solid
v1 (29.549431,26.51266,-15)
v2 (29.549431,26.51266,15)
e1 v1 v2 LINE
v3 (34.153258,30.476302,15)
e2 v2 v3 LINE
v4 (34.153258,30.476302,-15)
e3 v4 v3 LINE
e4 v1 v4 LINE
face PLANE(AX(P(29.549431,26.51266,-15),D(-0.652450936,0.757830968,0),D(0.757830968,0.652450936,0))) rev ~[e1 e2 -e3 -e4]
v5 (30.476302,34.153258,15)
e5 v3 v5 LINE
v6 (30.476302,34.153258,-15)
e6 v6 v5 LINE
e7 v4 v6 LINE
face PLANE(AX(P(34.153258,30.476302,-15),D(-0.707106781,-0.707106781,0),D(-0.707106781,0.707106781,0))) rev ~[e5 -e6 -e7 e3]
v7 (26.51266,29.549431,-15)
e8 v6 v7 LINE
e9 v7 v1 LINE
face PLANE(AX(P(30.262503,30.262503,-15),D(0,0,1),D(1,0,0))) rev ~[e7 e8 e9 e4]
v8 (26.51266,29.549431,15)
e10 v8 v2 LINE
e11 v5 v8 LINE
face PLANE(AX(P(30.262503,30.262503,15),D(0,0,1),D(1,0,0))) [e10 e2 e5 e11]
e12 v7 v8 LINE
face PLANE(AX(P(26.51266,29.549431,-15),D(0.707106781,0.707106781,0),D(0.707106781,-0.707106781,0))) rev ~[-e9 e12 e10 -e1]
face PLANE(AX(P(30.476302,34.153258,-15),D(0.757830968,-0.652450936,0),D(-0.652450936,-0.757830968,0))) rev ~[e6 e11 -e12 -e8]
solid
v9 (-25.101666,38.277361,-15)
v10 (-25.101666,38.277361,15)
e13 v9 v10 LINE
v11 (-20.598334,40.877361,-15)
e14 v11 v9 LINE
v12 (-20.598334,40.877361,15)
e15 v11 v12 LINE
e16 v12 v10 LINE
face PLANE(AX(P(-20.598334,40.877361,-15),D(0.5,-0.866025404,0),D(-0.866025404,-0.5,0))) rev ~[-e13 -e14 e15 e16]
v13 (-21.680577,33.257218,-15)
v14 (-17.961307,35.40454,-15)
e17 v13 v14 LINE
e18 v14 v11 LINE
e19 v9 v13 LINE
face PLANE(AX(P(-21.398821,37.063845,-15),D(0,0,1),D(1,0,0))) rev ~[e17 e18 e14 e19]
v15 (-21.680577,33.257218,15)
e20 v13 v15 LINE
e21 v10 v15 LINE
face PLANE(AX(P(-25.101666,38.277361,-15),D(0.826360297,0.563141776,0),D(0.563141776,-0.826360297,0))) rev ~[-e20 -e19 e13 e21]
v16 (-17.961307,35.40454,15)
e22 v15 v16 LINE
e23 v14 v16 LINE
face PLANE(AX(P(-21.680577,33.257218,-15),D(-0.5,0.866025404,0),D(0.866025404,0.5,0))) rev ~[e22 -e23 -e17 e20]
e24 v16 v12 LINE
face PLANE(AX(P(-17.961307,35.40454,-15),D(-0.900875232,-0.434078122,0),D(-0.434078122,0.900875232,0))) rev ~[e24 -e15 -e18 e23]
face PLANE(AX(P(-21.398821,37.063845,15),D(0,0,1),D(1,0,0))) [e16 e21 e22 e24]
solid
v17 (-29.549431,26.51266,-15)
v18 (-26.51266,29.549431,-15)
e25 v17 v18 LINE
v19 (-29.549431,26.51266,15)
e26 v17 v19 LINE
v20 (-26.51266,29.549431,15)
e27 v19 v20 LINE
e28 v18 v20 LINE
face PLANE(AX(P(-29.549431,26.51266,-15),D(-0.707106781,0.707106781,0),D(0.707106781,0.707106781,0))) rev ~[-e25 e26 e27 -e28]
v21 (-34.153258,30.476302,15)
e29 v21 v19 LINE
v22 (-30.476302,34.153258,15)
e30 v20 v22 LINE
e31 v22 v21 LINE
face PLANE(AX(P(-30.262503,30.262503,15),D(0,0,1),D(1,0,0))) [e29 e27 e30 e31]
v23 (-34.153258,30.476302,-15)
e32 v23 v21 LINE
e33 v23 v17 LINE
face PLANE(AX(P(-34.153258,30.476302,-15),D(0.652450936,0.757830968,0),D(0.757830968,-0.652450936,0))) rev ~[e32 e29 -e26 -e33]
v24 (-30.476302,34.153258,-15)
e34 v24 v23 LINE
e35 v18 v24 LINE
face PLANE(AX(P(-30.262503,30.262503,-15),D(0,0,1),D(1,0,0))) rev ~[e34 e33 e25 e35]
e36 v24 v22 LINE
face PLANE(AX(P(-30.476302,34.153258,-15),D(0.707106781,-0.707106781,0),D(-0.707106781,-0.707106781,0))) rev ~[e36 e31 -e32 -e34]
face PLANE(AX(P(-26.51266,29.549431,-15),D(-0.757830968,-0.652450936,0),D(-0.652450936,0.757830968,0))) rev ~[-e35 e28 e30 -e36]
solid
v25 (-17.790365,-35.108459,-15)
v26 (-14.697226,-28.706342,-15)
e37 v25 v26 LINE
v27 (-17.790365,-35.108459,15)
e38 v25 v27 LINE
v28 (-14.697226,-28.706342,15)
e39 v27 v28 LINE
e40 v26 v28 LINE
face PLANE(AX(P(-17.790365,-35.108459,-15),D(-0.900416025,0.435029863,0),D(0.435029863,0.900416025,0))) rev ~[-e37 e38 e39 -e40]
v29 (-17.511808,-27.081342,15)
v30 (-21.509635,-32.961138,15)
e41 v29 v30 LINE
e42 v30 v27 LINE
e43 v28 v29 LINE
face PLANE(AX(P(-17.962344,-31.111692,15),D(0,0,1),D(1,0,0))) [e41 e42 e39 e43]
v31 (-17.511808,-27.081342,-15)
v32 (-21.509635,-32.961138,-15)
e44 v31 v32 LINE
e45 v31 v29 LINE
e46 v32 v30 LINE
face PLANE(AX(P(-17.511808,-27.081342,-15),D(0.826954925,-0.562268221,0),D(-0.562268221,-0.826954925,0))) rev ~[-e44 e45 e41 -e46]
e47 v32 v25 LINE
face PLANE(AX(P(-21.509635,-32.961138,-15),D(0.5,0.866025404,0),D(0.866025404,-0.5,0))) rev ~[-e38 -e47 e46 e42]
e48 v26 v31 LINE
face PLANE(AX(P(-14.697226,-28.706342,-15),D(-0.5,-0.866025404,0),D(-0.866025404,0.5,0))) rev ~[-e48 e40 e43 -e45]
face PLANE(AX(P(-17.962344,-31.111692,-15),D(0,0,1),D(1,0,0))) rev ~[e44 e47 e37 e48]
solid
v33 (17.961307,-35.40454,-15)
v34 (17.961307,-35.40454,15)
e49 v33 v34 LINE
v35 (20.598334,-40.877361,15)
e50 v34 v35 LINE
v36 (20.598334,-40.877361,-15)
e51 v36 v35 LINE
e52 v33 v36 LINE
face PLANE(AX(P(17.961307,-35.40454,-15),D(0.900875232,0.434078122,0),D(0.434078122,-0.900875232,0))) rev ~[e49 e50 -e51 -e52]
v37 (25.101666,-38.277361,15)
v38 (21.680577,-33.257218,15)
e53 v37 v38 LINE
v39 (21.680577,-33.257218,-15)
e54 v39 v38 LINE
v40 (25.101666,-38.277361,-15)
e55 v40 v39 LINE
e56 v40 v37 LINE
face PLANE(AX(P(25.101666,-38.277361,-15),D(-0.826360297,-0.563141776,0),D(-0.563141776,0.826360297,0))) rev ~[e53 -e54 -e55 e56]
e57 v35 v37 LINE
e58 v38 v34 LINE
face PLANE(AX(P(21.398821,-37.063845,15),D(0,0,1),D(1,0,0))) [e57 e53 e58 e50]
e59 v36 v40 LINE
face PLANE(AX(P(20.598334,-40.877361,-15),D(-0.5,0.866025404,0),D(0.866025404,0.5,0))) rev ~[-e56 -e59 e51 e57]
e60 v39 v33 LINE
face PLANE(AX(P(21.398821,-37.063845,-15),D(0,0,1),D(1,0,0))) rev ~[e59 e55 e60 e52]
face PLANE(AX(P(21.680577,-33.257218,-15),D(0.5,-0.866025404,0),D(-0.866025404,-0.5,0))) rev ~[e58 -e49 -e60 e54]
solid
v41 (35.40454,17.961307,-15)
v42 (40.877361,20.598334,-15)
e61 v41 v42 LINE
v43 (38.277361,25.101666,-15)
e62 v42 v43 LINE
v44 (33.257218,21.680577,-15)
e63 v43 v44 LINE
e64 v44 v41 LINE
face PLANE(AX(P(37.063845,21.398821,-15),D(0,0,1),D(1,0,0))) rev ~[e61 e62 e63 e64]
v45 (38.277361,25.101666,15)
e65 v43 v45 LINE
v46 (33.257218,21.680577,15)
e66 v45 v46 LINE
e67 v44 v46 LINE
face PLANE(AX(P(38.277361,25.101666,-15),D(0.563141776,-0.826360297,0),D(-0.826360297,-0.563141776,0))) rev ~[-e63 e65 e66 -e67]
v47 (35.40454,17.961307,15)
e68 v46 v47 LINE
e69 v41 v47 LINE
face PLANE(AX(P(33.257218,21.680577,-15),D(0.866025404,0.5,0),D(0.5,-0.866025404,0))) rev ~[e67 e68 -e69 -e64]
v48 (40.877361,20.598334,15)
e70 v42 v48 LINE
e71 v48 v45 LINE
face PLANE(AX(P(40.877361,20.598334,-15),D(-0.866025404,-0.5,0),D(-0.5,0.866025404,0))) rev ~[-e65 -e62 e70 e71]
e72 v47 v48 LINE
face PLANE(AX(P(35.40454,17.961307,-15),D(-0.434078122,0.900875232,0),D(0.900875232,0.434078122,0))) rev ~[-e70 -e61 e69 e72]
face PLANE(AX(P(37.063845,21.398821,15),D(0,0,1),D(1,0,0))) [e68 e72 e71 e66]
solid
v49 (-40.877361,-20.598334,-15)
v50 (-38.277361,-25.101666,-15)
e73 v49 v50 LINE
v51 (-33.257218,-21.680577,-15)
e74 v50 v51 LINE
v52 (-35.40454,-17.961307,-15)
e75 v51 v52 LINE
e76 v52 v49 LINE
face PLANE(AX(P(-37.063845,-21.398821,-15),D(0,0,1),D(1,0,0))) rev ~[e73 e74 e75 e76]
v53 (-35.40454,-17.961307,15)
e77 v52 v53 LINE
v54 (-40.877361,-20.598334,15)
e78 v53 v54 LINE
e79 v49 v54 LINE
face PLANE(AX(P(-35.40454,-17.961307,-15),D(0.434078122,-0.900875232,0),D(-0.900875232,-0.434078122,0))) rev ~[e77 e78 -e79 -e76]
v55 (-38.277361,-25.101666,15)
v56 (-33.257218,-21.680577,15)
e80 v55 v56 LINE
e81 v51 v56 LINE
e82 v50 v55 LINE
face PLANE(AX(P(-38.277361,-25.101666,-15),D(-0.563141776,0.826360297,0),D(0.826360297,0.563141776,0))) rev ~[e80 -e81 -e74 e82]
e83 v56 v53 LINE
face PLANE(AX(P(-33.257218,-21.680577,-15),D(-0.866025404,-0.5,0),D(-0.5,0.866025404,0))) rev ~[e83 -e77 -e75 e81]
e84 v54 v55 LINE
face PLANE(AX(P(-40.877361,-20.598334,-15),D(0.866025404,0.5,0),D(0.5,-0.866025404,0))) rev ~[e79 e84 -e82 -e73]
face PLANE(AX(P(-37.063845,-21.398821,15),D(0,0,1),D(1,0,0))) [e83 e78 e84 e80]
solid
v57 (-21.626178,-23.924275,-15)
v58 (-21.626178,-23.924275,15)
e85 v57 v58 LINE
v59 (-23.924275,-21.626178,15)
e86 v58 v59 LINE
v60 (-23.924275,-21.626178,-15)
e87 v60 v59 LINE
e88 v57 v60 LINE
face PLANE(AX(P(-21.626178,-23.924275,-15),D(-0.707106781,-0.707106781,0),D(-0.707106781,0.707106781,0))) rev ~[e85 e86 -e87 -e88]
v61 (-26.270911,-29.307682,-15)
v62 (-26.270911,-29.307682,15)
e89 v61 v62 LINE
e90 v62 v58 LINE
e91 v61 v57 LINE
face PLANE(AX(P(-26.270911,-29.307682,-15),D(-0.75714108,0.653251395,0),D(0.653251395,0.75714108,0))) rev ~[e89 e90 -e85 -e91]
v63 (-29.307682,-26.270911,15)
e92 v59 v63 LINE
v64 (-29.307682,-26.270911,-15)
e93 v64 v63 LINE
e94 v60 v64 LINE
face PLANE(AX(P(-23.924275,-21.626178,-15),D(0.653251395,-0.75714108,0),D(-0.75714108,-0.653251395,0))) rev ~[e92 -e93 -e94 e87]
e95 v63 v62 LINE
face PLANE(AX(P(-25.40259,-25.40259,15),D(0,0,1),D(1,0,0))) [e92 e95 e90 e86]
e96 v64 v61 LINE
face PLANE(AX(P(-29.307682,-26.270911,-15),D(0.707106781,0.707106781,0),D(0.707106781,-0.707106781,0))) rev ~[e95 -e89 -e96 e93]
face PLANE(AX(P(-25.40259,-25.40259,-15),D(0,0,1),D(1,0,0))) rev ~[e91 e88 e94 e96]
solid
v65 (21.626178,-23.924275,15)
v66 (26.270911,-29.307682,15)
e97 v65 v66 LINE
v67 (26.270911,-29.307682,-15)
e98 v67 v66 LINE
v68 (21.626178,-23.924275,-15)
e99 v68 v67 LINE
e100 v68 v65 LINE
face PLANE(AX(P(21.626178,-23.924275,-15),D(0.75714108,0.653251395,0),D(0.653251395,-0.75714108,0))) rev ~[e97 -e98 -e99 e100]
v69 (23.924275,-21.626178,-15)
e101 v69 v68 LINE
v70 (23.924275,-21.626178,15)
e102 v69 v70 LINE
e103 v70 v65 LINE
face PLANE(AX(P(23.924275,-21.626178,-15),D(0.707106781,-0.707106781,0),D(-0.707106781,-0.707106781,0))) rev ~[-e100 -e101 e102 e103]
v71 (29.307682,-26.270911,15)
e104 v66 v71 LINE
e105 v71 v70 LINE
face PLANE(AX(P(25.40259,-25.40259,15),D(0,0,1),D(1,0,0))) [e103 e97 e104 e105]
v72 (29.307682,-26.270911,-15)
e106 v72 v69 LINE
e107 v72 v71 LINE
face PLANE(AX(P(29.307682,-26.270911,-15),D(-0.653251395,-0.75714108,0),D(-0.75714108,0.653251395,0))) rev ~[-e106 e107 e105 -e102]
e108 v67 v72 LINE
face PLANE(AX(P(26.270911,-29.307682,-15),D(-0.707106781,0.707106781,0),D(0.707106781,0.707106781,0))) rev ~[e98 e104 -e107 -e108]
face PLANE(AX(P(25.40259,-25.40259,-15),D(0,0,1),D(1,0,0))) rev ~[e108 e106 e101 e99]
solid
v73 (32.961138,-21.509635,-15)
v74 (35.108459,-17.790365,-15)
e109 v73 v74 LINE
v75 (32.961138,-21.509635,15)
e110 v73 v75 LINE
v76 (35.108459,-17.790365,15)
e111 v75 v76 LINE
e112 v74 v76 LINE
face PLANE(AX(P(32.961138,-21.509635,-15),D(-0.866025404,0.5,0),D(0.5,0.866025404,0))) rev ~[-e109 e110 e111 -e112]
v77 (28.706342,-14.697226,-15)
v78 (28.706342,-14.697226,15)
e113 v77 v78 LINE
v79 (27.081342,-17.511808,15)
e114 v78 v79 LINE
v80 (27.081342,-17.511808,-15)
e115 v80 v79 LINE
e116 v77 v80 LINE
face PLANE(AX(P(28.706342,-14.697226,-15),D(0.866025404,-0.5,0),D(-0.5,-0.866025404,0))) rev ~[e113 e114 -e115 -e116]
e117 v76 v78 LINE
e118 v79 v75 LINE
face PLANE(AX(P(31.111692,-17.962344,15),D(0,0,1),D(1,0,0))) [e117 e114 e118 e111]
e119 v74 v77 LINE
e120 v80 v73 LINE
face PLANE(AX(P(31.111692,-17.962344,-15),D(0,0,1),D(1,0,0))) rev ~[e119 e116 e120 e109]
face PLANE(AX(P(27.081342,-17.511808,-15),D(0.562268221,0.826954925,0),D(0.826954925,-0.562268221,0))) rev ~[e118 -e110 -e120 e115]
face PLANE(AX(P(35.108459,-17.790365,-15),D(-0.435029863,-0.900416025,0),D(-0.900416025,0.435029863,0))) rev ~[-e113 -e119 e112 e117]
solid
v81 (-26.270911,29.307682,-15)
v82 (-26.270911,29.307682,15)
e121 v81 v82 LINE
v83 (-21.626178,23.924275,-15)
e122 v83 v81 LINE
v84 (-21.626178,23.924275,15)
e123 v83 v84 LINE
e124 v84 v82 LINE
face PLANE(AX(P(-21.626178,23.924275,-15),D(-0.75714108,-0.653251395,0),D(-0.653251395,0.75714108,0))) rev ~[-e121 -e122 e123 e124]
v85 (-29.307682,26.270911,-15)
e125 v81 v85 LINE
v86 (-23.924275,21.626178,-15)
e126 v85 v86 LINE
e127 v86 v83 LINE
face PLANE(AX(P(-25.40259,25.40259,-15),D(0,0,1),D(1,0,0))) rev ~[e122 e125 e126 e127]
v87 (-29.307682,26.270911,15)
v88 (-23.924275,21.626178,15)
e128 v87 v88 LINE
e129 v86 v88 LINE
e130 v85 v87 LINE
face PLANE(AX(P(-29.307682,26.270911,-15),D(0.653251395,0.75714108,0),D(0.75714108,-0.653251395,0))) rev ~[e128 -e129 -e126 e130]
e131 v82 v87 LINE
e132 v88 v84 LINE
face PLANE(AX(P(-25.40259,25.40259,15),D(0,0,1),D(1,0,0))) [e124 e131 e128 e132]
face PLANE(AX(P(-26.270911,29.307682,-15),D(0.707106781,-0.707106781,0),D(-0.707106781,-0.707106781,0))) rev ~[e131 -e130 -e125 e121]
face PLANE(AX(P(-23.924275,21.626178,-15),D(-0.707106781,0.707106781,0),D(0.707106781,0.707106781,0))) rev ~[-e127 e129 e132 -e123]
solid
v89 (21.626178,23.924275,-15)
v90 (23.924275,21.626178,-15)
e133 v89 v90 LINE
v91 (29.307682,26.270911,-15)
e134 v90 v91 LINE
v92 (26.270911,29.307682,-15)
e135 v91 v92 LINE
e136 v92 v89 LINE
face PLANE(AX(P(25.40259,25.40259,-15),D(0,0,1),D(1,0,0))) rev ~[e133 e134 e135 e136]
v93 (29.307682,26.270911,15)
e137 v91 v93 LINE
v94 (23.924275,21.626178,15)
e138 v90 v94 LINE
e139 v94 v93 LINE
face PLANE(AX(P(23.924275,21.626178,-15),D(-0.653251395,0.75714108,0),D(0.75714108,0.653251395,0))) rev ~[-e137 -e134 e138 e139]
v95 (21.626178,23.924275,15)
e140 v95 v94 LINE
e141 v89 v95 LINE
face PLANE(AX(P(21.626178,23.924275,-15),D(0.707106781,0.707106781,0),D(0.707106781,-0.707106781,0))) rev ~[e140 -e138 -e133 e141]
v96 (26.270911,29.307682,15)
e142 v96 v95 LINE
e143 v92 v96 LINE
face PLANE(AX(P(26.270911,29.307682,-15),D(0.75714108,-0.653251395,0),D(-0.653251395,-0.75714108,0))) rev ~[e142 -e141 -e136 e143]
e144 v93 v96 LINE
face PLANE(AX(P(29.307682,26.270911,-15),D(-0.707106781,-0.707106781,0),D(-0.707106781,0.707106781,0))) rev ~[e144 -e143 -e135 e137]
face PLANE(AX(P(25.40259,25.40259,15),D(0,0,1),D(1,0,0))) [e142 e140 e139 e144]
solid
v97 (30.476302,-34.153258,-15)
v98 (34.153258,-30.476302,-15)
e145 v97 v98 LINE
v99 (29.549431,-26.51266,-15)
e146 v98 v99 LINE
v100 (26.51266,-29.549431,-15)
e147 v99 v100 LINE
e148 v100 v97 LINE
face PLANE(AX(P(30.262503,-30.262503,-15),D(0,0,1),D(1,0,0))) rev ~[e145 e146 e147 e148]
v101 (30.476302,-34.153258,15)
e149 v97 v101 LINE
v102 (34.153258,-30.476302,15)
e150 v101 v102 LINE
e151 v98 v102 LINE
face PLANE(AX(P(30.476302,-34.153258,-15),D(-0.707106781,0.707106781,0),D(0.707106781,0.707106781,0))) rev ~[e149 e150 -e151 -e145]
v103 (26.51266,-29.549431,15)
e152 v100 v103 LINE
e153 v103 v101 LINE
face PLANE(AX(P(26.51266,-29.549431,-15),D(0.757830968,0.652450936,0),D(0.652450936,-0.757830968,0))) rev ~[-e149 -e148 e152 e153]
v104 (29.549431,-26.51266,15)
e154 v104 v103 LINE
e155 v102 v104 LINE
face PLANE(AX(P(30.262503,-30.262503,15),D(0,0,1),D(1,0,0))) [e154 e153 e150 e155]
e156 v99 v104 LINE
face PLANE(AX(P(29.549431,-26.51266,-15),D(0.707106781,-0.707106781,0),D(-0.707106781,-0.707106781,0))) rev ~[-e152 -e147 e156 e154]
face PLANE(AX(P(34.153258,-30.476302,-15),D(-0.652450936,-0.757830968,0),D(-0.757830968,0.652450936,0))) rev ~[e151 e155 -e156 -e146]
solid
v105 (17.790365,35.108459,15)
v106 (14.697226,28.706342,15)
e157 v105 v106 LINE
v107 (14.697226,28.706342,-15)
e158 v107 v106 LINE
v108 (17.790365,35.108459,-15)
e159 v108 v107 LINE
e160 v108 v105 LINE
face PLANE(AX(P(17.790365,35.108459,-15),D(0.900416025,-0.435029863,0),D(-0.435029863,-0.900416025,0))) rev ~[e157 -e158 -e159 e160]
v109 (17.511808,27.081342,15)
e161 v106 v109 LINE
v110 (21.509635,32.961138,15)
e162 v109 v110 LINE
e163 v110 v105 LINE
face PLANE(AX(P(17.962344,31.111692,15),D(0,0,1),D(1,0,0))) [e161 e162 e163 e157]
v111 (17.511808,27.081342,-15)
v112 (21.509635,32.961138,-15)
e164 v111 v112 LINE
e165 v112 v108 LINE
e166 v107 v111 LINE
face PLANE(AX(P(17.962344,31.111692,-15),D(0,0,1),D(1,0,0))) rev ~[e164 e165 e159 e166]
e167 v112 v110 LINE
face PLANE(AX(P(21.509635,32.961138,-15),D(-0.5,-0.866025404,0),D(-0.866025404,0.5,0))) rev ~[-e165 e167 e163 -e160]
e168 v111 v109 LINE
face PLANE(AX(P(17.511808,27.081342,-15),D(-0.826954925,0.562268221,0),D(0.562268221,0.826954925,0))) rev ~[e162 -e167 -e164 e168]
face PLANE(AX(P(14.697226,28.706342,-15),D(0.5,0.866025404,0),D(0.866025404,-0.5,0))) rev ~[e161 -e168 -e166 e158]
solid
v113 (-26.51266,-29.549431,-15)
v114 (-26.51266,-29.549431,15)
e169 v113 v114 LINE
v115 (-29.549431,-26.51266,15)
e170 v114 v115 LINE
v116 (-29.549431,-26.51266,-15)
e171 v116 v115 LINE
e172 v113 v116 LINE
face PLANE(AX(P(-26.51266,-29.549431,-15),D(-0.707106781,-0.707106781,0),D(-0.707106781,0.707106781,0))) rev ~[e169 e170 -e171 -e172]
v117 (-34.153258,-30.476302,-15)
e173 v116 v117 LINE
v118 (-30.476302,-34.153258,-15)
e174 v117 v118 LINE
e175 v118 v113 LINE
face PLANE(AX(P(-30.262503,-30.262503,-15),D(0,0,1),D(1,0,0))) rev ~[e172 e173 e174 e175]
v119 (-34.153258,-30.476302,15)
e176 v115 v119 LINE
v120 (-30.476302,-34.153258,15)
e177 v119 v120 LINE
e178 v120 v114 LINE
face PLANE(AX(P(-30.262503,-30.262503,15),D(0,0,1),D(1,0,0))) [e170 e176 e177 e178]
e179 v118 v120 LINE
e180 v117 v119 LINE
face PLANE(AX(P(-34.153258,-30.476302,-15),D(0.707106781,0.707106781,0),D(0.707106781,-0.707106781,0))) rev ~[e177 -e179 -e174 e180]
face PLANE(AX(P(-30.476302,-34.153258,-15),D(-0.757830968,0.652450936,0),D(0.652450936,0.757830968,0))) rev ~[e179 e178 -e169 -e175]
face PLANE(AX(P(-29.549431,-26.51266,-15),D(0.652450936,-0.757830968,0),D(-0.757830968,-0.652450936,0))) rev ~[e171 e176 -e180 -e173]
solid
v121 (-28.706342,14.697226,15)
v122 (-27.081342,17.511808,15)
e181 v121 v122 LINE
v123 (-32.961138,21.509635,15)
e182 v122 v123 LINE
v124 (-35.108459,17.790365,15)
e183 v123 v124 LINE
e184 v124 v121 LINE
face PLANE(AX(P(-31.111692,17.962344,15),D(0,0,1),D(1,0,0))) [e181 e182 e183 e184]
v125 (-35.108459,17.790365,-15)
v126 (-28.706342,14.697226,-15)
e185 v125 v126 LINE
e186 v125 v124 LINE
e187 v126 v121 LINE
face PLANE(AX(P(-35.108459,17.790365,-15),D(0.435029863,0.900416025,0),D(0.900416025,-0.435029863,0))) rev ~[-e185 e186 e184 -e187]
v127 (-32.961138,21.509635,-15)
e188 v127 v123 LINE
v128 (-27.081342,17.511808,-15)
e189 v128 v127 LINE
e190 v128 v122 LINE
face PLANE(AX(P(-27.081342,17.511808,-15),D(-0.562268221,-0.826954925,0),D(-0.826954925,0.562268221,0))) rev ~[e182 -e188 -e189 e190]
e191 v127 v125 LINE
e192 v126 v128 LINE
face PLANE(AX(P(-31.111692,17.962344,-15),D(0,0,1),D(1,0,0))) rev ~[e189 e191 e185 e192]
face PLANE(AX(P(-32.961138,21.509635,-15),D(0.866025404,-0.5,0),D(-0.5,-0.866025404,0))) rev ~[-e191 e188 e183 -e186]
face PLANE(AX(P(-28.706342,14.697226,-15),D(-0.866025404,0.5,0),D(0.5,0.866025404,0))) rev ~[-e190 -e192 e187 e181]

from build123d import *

# Parameters (mm, degrees)
COIL_SIDES_START    = -15
COIL_SIDES_DEPTH    = 30
COIL_SIDES_2_DEPTH  = 30
COIL_SIDES_3_DEPTH  = 30
COIL_SIDES_4_DEPTH  = 30
COIL_SIDES_5_DEPTH  = 30
COIL_SIDES_6_DEPTH  = 30
COIL_SIDES_7_DEPTH  = 30
COIL_SIDES_8_DEPTH  = 30
COIL_SIDES_9_DEPTH  = 30
COIL_SIDES_10_DEPTH = 30
COIL_SIDES_11_DEPTH = 30
COIL_SIDES_12_DEPTH = 30
COIL_SIDES_13_DEPTH = 30
COIL_SIDES_14_DEPTH = 30
COIL_SIDES_15_DEPTH = 30
COIL_SIDES_16_DEPTH = 30


with BuildPart() as part:
    # Эскиз1 → Coil_sides (new body)
    with BuildSketch(Plane.XY.offset(COIL_SIDES_START)):
        Polygon((35.404539789, 17.961307368), (40.877360953, 20.59833395), (38.277360953, 25.10166605), (33.25721836, 21.680577182), align=None)
    extrude(amount=COIL_SIDES_DEPTH)


with BuildPart() as body_2:
    # Эскиз1 → Coil_sides 2 (new body)
    with BuildSketch(Plane.XY.offset(COIL_SIDES_START)):
        Polygon((23.924274918, 21.626177879), (29.307682044, 26.270910957), (26.270910957, 29.307682044), (21.626177879, 23.924274918), align=None)
    extrude(amount=COIL_SIDES_2_DEPTH)


with BuildPart() as body_3:
    # Эскиз1 → Coil_sides 3 (new body)
    with BuildSketch(Plane.XY.offset(COIL_SIDES_START)):
        Polygon((29.549430928, 26.512659841), (34.153257531, 30.476302269), (30.476302269, 34.153257531), (26.512659841, 29.549430928), align=None)
    extrude(amount=COIL_SIDES_3_DEPTH)


with BuildPart() as body_4:
    # Эскиз1 → Coil_sides 4 (new body)
    with BuildSketch(Plane.XY.offset(COIL_SIDES_START)):
        Polygon((17.511808311, 27.081341726), (21.509634907, 32.961137654), (17.790365093, 35.108459083), (14.697225748, 28.706341726), align=None)
    extrude(amount=COIL_SIDES_4_DEPTH)


with BuildPart() as body_5:
    # Эскиз1 → Coil_sides 5 (new body)
    with BuildSketch(Plane.XY.offset(COIL_SIDES_START)):
        Polygon((-17.961307368, 35.404539789), (-20.59833395, 40.877360953), (-25.10166605, 38.277360953), (-21.680577182, 33.25721836), align=None)
    extrude(amount=COIL_SIDES_5_DEPTH)


with BuildPart() as body_6:
    # Эскиз1 → Coil_sides 6 (new body)
    with BuildSketch(Plane.XY.offset(COIL_SIDES_START)):
        Polygon((-21.626177879, 23.924274918), (-26.270910957, 29.307682044), (-29.307682044, 26.270910957), (-23.924274918, 21.626177879), align=None)
    extrude(amount=COIL_SIDES_6_DEPTH)


with BuildPart() as body_7:
    # Эскиз1 → Coil_sides 7 (new body)
    with BuildSketch(Plane.XY.offset(COIL_SIDES_START)):
        Polygon((-26.512659841, 29.549430928), (-30.476302269, 34.153257531), (-34.153257531, 30.476302269), (-29.549430928, 26.512659841), align=None)
    extrude(amount=COIL_SIDES_7_DEPTH)


with BuildPart() as body_8:
    # Эскиз1 → Coil_sides 8 (new body)
    with BuildSketch(Plane.XY.offset(COIL_SIDES_START)):
        Polygon((-27.081341726, 17.511808311), (-32.961137654, 21.509634907), (-35.108459083, 17.790365093), (-28.706341726, 14.697225748), align=None)
    extrude(amount=COIL_SIDES_8_DEPTH)


with BuildPart() as body_9:
    # Эскиз1 → Coil_sides 9 (new body)
    with BuildSketch(Plane.XY.offset(COIL_SIDES_START)):
        Polygon((-35.404539789, -17.961307368), (-40.877360953, -20.59833395), (-38.277360953, -25.10166605), (-33.25721836, -21.680577182), align=None)
    extrude(amount=COIL_SIDES_9_DEPTH)


with BuildPart() as body_10:
    # Эскиз1 → Coil_sides 10 (new body)
    with BuildSketch(Plane.XY.offset(COIL_SIDES_START)):
        Polygon((-23.924274918, -21.626177879), (-29.307682044, -26.270910957), (-26.270910957, -29.307682044), (-21.626177879, -23.924274918), align=None)
    extrude(amount=COIL_SIDES_10_DEPTH)


with BuildPart() as body_11:
    # Эскиз1 → Coil_sides 11 (new body)
    with BuildSketch(Plane.XY.offset(COIL_SIDES_START)):
        Polygon((-29.549430928, -26.512659841), (-34.153257531, -30.476302269), (-30.476302269, -34.153257531), (-26.512659841, -29.549430928), align=None)
    extrude(amount=COIL_SIDES_11_DEPTH)


with BuildPart() as body_12:
    # Эскиз1 → Coil_sides 12 (new body)
    with BuildSketch(Plane.XY.offset(COIL_SIDES_START)):
        Polygon((-17.511808311, -27.081341726), (-21.509634907, -32.961137654), (-17.790365093, -35.108459083), (-14.697225748, -28.706341726), align=None)
    extrude(amount=COIL_SIDES_12_DEPTH)


with BuildPart() as body_13:
    # Эскиз1 → Coil_sides 13 (new body)
    with BuildSketch(Plane.XY.offset(COIL_SIDES_START)):
        Polygon((17.961307368, -35.404539789), (20.59833395, -40.877360953), (25.10166605, -38.277360953), (21.680577182, -33.25721836), align=None)
    extrude(amount=COIL_SIDES_13_DEPTH)


with BuildPart() as body_14:
    # Эскиз1 → Coil_sides 14 (new body)
    with BuildSketch(Plane.XY.offset(COIL_SIDES_START)):
        Polygon((21.626177879, -23.924274918), (26.270910957, -29.307682044), (29.307682044, -26.270910957), (23.924274918, -21.626177879), align=None)
    extrude(amount=COIL_SIDES_14_DEPTH)


with BuildPart() as body_15:
    # Эскиз1 → Coil_sides 15 (new body)
    with BuildSketch(Plane.XY.offset(COIL_SIDES_START)):
        Polygon((26.512659841, -29.549430928), (30.476302269, -34.153257531), (34.153257531, -30.476302269), (29.549430928, -26.512659841), align=None)
    extrude(amount=COIL_SIDES_15_DEPTH)


with BuildPart() as body_16:
    # Эскиз1 → Coil_sides 16 (new body)
    with BuildSketch(Plane.XY.offset(COIL_SIDES_START)):
        Polygon((27.081341726, -17.511808311), (32.961137654, -21.509634907), (35.108459083, -17.790365093), (28.706341726, -14.697225748), align=None)
    extrude(amount=COIL_SIDES_16_DEPTH)


solid = Compound([part.part, body_2.part, body_3.part, body_4.part, body_5.part, body_6.part, body_7.part, body_8.part, body_9.part, body_10.part, body_11.part, body_12.part, body_13.part, body_14.part, body_15.part, body_16.part])
